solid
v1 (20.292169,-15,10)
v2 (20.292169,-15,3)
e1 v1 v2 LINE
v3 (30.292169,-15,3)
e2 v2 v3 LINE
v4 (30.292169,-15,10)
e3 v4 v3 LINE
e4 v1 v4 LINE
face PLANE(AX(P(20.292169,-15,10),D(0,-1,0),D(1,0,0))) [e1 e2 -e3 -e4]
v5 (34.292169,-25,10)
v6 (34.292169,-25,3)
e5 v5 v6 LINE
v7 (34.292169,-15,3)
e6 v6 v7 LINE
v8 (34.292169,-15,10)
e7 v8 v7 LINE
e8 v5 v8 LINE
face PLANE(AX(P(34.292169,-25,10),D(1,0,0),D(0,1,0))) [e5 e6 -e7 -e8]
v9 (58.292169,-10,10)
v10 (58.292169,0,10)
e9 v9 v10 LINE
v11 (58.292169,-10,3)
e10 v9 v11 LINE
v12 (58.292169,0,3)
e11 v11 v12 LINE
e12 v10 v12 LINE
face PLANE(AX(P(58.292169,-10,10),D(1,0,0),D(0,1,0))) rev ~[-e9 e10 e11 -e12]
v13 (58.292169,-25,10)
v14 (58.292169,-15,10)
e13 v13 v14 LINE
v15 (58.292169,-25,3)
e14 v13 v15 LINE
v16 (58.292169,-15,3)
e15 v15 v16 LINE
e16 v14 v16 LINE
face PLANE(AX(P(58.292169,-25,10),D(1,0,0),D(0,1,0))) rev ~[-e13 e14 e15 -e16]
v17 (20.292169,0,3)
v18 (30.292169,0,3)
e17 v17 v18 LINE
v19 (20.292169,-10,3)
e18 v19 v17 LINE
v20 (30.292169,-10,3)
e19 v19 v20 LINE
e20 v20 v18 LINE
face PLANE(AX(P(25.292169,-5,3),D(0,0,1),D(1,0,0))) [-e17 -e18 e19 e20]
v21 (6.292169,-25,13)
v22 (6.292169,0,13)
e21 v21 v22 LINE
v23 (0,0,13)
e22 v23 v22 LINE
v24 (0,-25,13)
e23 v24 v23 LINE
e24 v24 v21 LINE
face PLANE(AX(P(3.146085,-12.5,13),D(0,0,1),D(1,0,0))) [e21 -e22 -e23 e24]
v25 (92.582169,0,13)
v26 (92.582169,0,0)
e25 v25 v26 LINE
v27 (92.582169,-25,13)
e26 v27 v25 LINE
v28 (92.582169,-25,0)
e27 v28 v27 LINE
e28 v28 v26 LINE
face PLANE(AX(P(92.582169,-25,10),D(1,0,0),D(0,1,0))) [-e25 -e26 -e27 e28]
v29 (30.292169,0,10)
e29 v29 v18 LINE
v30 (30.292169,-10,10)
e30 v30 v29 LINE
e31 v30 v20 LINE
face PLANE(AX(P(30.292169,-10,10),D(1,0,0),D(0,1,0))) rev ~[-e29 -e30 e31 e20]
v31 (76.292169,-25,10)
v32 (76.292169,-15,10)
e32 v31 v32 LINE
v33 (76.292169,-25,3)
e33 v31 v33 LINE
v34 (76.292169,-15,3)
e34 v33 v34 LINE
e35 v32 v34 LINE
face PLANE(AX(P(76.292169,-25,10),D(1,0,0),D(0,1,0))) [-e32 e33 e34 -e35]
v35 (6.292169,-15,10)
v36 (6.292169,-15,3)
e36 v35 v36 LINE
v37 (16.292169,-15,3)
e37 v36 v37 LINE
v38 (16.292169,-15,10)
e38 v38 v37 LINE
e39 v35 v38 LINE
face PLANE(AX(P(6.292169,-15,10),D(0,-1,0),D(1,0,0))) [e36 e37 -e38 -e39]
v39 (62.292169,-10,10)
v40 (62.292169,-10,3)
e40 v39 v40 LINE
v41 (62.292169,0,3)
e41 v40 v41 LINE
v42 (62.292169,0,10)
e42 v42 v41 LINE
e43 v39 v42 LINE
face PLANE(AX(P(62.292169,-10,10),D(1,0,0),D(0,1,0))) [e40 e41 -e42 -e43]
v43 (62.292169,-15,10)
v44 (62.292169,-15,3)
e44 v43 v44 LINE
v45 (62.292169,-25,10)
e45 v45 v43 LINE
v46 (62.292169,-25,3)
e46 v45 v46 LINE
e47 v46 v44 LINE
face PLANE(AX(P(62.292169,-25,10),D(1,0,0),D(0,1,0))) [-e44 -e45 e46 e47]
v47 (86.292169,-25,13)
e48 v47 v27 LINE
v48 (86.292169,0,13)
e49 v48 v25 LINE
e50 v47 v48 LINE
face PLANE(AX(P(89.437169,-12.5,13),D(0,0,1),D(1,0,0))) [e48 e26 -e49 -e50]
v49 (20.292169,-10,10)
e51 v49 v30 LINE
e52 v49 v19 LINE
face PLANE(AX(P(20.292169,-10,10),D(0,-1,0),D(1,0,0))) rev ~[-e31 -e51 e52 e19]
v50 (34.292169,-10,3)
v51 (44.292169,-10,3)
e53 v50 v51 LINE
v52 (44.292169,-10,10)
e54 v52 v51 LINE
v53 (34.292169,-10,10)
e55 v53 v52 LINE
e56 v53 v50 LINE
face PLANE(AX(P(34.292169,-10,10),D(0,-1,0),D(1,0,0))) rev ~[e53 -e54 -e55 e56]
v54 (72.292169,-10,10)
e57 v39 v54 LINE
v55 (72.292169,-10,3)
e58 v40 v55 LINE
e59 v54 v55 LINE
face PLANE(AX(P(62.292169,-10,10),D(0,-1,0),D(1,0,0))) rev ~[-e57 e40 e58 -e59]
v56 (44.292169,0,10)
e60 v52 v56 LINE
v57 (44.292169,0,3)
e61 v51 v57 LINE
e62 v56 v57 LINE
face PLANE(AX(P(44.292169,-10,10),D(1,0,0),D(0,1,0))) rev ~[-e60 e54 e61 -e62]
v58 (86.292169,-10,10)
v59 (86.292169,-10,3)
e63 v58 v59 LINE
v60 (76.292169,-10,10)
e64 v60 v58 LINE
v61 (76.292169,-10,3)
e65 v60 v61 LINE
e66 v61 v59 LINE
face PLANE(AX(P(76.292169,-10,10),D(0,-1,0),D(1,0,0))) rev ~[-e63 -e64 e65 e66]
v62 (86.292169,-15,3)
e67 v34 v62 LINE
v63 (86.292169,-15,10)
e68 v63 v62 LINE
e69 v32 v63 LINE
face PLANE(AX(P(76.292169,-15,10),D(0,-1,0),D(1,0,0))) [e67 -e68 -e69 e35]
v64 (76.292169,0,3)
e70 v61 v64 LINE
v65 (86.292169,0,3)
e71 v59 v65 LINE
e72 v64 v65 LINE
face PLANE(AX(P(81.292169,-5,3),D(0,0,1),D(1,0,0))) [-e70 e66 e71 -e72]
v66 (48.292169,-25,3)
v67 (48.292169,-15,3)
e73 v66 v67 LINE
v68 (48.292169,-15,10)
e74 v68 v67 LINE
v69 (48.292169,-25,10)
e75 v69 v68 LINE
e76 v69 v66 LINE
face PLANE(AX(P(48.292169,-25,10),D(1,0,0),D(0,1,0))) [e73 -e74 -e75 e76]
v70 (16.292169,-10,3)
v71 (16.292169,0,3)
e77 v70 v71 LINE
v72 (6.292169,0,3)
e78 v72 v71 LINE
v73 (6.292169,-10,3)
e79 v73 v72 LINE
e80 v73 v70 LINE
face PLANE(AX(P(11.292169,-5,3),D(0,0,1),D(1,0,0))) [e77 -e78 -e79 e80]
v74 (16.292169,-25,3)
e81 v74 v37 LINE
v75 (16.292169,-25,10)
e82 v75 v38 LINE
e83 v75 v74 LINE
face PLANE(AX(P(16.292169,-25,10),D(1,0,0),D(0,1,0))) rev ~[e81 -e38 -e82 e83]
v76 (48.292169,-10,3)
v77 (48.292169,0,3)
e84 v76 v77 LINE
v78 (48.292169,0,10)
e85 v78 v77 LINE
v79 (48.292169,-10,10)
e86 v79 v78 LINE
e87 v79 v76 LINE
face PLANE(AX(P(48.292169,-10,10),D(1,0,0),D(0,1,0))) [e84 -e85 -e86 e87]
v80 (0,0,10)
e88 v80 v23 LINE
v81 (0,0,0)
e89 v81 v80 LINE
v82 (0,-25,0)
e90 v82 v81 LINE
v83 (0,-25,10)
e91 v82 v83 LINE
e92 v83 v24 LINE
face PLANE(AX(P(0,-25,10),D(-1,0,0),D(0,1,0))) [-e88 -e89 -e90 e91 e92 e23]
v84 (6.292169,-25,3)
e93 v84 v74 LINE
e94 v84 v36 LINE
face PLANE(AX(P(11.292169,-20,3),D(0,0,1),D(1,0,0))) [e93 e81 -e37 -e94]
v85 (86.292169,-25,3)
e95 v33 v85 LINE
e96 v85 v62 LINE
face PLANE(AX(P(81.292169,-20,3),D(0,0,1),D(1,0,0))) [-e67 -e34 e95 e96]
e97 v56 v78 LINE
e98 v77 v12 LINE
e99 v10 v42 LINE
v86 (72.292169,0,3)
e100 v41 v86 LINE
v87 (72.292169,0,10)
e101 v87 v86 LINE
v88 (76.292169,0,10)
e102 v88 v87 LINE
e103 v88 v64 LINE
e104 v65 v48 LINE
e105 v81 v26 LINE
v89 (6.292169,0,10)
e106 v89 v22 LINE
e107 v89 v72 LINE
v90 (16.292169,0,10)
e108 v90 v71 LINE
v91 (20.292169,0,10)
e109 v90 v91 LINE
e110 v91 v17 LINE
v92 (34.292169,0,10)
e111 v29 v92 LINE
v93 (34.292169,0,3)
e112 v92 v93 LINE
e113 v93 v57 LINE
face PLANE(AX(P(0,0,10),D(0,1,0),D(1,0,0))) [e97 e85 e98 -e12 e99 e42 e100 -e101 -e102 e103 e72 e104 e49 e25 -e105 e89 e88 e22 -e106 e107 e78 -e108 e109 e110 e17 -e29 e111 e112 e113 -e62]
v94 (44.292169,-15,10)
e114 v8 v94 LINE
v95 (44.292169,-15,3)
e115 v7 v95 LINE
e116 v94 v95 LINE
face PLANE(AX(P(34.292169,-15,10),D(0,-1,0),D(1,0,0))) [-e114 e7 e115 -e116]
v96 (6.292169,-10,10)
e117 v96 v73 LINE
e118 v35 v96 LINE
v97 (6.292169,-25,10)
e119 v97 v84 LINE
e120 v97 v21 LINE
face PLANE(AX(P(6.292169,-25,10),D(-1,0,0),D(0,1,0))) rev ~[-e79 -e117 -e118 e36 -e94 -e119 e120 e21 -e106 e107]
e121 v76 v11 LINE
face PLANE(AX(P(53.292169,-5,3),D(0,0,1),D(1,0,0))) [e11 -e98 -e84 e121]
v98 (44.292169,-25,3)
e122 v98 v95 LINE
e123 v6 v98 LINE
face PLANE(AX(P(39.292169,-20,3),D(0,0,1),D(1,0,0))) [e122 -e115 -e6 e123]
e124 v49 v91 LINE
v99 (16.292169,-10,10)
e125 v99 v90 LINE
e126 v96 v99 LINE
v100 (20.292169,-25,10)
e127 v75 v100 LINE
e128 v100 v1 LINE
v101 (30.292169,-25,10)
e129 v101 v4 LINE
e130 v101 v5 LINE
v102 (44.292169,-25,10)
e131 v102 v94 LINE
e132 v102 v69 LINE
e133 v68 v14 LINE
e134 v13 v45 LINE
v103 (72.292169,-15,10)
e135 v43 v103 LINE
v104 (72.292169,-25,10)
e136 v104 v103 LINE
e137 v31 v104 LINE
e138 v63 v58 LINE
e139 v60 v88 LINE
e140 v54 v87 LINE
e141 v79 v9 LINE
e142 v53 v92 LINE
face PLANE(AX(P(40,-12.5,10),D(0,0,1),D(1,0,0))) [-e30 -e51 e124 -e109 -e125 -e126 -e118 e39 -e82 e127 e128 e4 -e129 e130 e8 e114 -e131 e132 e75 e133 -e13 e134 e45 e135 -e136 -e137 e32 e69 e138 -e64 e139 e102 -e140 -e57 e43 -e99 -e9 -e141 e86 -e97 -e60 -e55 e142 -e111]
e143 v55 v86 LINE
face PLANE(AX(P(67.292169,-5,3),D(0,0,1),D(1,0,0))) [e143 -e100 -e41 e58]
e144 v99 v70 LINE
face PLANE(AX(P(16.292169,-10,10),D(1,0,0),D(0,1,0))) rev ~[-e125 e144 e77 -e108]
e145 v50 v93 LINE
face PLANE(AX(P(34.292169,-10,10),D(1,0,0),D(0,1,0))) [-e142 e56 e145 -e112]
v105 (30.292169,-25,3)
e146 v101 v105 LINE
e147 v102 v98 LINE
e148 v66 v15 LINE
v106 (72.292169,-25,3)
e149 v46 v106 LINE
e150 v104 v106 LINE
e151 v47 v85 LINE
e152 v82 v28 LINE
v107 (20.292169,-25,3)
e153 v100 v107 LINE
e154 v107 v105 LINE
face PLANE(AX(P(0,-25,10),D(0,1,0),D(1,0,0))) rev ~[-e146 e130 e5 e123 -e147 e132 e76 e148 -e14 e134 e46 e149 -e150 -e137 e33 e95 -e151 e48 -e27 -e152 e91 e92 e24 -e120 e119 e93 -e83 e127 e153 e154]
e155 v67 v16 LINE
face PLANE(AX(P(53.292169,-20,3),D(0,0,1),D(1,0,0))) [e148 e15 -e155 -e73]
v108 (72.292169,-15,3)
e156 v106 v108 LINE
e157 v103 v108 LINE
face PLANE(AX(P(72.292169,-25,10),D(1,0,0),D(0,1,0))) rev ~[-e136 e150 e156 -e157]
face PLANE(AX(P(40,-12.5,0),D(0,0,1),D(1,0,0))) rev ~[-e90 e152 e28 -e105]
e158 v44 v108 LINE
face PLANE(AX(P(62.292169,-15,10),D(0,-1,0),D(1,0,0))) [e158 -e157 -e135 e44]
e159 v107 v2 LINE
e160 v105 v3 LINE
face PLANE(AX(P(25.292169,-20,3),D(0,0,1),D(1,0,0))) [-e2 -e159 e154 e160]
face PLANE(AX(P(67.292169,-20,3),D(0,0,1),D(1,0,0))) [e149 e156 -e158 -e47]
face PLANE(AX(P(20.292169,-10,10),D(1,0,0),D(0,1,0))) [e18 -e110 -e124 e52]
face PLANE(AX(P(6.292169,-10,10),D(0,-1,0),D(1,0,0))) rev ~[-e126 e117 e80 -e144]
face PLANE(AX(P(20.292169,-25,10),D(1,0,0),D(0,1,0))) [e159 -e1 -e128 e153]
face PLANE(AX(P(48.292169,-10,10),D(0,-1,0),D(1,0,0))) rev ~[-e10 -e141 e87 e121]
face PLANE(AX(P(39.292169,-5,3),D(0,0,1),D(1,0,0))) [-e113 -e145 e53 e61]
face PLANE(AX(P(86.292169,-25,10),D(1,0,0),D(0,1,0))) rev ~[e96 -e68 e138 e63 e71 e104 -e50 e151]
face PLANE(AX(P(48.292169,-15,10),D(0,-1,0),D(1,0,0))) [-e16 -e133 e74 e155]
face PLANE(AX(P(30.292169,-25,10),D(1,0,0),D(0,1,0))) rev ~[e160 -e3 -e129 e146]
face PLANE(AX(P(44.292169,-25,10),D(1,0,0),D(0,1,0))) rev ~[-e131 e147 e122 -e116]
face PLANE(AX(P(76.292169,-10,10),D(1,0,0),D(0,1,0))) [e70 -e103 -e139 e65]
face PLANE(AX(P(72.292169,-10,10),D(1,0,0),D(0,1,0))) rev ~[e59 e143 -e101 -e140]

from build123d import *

# Parameters (mm, degrees)
SKETCH1_W           = 80
SKETCH1_H           = 25
BOSS_EXTRUDE1_DEPTH = 10
SKETCH3_2_W         = 10
SKETCH3_2_H         = 10
CUT_EXTRUDE1_DEPTH  = 7
SKETCH3_3_W         = 10
SKETCH3_3_H         = 10
CUT_EXTRUDE2_DEPTH  = 7
SKETCH3_W           = 10
SKETCH3_H           = 10
CUT_EXTRUDE3_DEPTH  = 7
SKETCH3_6_W         = 10
SKETCH3_6_H         = 10
CUT_EXTRUDE4_DEPTH  = 7
SKETCH3_7_W         = 10
SKETCH3_7_H         = 10
CUT_EXTRUDE5_DEPTH  = 7
SKETCH3_8_W         = 10
SKETCH3_8_H         = 10
CUT_EXTRUDE6_DEPTH  = 7
SKETCH3_9_W         = 10
SKETCH3_9_H         = 10
CUT_EXTRUDE7_DEPTH  = 7
SKETCH3_10_W        = 10
SKETCH3_10_H        = 10
CUT_EXTRUDE8_DEPTH  = 7
SKETCH3_11_W        = 10
SKETCH3_11_H        = 10
CUT_EXTRUDE9_DEPTH  = 7
SKETCH3_12_W        = 10
SKETCH3_12_H        = 10
CUT_EXTRUDE10_DEPTH = 7
SKETCH4_W           = 16.29
SKETCH4_H           = 25
BOSS_EXTRUDE2_DEPTH = 10
SKETCH5_W           = 10
SKETCH5_H           = 10
CUT_EXTRUDE12_DEPTH = 7
SKETCH6_W           = 6.292169455
SKETCH6_H           = 25
SKETCH6_W_2         = 6.29
BOSS_EXTRUDE3_DEPTH = 3


with BuildPart() as part:
    # Sketch1 → Boss-Extrude1 (new body)
    with BuildSketch(Plane.XY):
        with Locations((40, -12.5)):
            Rectangle(SKETCH1_W, SKETCH1_H)
    extrude(amount=BOSS_EXTRUDE1_DEPTH)

    # Sketch3<2> → Cut-Extrude1 (cut)
    with BuildSketch(Plane.XY.offset(10)):
        with Locations((11.292169455, -5)):
            Rectangle(SKETCH3_2_W, SKETCH3_2_H)
    extrude(amount=-CUT_EXTRUDE1_DEPTH, mode=Mode.SUBTRACT)

    # Sketch3<3> → Cut-Extrude2 (cut)
    with BuildSketch(Plane.XY.offset(10)):
        with Locations((25.292169455, -5)):
            Rectangle(SKETCH3_3_W, SKETCH3_3_H)
    extrude(amount=-CUT_EXTRUDE2_DEPTH, mode=Mode.SUBTRACT)

    # Sketch3 → Cut-Extrude3 (cut)
    with BuildSketch(Plane.XY.offset(10)):
        with Locations((39.292169455, -5)):
            Rectangle(SKETCH3_W, SKETCH3_H)
    extrude(amount=-CUT_EXTRUDE3_DEPTH, mode=Mode.SUBTRACT)

    # Sketch3<6> → Cut-Extrude4 (cut)
    with BuildSketch(Plane.XY.offset(10)):
        with Locations((53.292169455, -5)):
            Rectangle(SKETCH3_6_W, SKETCH3_6_H)
    extrude(amount=-CUT_EXTRUDE4_DEPTH, mode=Mode.SUBTRACT)

    # Sketch3<7> → Cut-Extrude5 (cut)
    with BuildSketch(Plane.XY.offset(10)):
        with Locations((67.292169455, -5)):
            Rectangle(SKETCH3_7_W, SKETCH3_7_H)
    extrude(amount=-CUT_EXTRUDE5_DEPTH, mode=Mode.SUBTRACT)

    # Sketch3<8> → Cut-Extrude6 (cut)
    with BuildSketch(Plane.XY.offset(10)):
        with Locations((67.292169455, -20)):
            Rectangle(SKETCH3_8_W, SKETCH3_8_H)
    extrude(amount=-CUT_EXTRUDE6_DEPTH, mode=Mode.SUBTRACT)

    # Sketch3<9> → Cut-Extrude7 (cut)
    with BuildSketch(Plane.XY.offset(10)):
        with Locations((53.292169455, -20)):
            Rectangle(SKETCH3_9_W, SKETCH3_9_H)
    extrude(amount=-CUT_EXTRUDE7_DEPTH, mode=Mode.SUBTRACT)

    # Sketch3<10> → Cut-Extrude8 (cut)
    with BuildSketch(Plane.XY.offset(10)):
        with Locations((39.292169455, -20)):
            Rectangle(SKETCH3_10_W, SKETCH3_10_H)
    extrude(amount=-CUT_EXTRUDE8_DEPTH, mode=Mode.SUBTRACT)

    # Sketch3<11> → Cut-Extrude9 (cut)
    with BuildSketch(Plane.XY.offset(10)):
        with Locations((25.292169455, -20)):
            Rectangle(SKETCH3_11_W, SKETCH3_11_H)
    extrude(amount=-CUT_EXTRUDE9_DEPTH, mode=Mode.SUBTRACT)

    # Sketch3<12> → Cut-Extrude10 (cut)
    with BuildSketch(Plane.XY.offset(10)):
        with Locations((11.292169455, -20)):
            Rectangle(SKETCH3_12_W, SKETCH3_12_H)
    extrude(amount=-CUT_EXTRUDE10_DEPTH, mode=Mode.SUBTRACT)

    # Sketch4 → Boss-Extrude2 (add)
    with BuildSketch(Plane.XY.offset(10)):
        with Locations((84.437169455, -12.5)):
            Rectangle(SKETCH4_W, SKETCH4_H)
    extrude(amount=-BOSS_EXTRUDE2_DEPTH)

    # Sketch5 → Cut-Extrude12 (cut)
    with BuildSketch(Plane.XY.offset(10)):
        with Locations((81.292169455, -5)):
            Rectangle(SKETCH5_W, SKETCH5_H)
        with Locations((81.292169455, -20)):
            Rectangle(SKETCH5_W, SKETCH5_H)
    extrude(amount=-CUT_EXTRUDE12_DEPTH, mode=Mode.SUBTRACT)

    # Sketch6 → Boss-Extrude3 (add)
    with BuildSketch(Plane.XY.offset(10)):
        with Locations((3.146084728, -12.5)):
            Rectangle(SKETCH6_W, SKETCH6_H)
        with Locations((89.437169455, -12.5)):
            Rectangle(SKETCH6_W_2, SKETCH6_H)
    extrude(amount=BOSS_EXTRUDE3_DEPTH)


solid = part.part
